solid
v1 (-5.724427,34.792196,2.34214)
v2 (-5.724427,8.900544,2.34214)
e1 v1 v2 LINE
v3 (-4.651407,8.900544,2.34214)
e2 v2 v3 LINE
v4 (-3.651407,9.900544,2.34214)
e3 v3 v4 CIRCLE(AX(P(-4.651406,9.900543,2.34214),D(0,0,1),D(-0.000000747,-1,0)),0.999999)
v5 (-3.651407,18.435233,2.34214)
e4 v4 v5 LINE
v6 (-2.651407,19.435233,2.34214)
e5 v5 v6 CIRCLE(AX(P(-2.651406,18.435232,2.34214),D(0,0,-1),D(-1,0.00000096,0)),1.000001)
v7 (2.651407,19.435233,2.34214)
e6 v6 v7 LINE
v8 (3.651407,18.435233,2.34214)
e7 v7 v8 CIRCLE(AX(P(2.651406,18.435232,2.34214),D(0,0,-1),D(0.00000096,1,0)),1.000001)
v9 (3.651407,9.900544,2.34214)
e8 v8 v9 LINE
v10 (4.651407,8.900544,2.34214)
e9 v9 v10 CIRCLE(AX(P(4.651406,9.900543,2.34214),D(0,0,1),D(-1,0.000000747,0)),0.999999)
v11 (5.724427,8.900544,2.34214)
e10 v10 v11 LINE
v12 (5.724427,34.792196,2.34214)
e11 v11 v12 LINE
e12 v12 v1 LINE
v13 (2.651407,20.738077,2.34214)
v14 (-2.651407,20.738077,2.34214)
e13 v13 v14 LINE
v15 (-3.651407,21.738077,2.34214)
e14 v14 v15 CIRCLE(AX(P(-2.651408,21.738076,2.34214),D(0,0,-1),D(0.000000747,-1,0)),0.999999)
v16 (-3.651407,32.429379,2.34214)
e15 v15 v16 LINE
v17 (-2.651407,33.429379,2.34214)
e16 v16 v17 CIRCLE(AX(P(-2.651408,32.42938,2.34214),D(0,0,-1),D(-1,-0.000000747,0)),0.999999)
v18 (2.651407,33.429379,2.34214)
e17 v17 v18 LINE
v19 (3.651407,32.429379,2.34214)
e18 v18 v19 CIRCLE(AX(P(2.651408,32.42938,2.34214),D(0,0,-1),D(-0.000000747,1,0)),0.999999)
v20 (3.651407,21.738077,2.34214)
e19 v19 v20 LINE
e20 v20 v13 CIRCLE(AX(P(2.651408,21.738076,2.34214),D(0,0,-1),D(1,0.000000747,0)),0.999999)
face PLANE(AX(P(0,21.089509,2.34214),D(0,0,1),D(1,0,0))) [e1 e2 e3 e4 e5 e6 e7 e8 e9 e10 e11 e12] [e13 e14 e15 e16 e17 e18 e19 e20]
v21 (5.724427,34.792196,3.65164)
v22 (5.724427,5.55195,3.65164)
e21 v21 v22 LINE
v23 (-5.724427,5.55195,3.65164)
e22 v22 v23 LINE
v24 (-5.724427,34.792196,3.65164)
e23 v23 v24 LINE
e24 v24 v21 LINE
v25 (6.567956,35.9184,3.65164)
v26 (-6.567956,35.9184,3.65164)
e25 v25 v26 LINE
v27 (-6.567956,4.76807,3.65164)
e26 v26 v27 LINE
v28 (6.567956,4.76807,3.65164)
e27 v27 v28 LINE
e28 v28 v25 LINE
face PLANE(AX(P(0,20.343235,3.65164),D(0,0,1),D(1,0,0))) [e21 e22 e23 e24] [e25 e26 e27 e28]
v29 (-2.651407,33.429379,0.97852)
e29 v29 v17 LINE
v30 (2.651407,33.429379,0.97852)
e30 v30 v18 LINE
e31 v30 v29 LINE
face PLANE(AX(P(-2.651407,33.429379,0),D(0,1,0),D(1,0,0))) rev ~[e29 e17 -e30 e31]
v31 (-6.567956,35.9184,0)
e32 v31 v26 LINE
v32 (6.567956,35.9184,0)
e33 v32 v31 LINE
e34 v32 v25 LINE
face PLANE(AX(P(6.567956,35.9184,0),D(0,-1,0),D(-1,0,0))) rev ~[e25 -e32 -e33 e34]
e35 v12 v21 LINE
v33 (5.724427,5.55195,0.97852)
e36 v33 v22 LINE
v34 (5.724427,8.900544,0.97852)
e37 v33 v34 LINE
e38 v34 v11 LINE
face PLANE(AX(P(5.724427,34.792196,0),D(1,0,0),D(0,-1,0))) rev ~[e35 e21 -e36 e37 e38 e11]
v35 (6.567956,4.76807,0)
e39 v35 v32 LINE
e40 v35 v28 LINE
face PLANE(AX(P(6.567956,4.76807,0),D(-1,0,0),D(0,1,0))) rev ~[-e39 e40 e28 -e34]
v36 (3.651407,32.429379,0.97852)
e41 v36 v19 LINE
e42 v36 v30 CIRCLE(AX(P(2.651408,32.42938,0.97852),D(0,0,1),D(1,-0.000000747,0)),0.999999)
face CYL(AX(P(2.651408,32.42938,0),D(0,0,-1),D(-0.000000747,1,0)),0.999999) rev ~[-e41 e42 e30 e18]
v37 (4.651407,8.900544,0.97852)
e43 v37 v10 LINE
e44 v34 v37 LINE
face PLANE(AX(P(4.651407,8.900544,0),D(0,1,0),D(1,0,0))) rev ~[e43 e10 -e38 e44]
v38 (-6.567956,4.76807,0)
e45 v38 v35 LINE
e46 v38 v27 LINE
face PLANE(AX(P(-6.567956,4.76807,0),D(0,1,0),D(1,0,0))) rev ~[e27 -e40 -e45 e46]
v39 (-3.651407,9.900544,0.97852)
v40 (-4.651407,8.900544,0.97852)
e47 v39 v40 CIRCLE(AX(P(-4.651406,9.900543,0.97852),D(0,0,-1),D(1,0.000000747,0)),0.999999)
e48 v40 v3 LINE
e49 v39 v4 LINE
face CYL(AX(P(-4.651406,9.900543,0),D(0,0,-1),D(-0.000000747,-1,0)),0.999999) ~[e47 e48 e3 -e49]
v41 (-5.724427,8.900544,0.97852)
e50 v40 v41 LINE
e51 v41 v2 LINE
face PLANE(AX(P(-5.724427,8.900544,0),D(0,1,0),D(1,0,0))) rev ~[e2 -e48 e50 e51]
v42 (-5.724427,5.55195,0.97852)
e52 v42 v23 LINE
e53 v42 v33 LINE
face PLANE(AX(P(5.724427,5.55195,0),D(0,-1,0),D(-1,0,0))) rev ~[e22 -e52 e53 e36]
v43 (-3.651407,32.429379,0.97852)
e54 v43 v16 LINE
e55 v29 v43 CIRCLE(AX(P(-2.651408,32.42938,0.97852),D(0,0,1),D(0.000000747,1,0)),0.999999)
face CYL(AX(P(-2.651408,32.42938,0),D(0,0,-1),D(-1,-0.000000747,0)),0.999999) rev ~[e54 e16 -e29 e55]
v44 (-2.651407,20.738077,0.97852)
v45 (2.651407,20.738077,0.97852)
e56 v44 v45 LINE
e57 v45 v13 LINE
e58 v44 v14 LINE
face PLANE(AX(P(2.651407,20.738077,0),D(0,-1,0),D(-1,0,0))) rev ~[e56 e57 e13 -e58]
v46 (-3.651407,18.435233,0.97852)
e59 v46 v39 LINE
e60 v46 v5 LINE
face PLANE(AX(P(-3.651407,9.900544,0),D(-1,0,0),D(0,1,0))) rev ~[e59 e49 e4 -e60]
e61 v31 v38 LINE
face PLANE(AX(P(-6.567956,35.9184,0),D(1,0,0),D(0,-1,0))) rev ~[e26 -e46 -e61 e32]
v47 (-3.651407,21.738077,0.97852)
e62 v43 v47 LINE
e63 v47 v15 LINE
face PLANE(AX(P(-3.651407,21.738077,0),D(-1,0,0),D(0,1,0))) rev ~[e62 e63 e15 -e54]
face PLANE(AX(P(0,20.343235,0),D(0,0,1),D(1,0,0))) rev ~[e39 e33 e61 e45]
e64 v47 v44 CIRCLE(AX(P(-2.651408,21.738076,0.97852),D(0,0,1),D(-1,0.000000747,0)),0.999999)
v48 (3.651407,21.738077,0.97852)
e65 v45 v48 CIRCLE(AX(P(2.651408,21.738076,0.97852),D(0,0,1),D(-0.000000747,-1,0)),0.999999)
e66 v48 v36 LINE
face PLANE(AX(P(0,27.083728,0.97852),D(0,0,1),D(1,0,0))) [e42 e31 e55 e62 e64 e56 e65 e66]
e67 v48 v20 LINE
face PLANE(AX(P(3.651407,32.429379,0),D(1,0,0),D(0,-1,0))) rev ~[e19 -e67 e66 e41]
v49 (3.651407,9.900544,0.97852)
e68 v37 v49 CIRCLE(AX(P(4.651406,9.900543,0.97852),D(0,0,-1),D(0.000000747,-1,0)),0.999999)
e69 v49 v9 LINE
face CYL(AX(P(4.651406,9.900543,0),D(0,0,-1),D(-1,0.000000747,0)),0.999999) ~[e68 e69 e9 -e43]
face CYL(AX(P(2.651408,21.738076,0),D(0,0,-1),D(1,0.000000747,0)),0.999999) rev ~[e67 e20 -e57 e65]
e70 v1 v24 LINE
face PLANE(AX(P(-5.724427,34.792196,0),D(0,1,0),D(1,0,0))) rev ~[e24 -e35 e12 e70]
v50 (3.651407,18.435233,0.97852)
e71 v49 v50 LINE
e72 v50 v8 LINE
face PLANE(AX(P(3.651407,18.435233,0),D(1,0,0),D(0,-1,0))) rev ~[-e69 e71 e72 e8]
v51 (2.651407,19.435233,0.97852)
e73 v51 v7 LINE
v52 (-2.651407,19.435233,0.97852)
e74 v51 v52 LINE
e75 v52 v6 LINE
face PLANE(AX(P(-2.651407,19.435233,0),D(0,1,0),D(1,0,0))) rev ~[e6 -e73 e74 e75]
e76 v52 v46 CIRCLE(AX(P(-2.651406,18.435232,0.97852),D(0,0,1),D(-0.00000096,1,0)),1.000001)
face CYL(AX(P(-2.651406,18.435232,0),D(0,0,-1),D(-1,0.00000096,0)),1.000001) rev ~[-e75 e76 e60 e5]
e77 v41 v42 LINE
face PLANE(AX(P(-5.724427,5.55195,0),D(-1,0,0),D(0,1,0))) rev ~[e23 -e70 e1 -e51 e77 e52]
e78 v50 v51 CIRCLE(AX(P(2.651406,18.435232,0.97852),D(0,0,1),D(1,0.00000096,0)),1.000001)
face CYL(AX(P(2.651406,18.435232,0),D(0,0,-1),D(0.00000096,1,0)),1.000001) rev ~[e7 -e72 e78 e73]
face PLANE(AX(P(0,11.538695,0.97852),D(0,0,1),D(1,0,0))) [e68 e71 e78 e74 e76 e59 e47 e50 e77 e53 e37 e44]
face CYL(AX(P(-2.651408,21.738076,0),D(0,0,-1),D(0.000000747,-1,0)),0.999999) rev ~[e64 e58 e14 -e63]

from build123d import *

# Parameters (mm, degrees)
F1_DEPTH = 0.97852
F2_DEPTH = 2.34214
F3_DEPTH = 3.65164


with BuildPart() as f1:
    # F0 (on Top) → F1 (new body)
    with BuildSketch(Plane.XY):
        with BuildLine():
            Line((0, 5.55195), (5.724427, 5.55195))
            Line((5.724427, 5.55195), (5.724427, 8.900544))
            Line((5.724427, 8.900544), (4.651407, 8.900544))
            ThreePointArc((4.651407, 8.900544), (3.9443, 9.193437), (3.651407, 9.900544))
            Line((3.651407, 9.900544), (3.651407, 18.435233))
            ThreePointArc((3.651407, 18.435233), (3.358514, 19.142339), (2.651407, 19.435233))
            Line((2.651407, 19.435233), (-2.651407, 19.435233))
            ThreePointArc((-2.651407, 19.435233), (-3.358514, 19.142339), (-3.651407, 18.435233))
            Line((-3.651407, 18.435233), (-3.651407, 9.900544))
            ThreePointArc((-3.651407, 9.900544), (-3.9443, 9.193437), (-4.651407, 8.900544))
            Line((-4.651407, 8.900544), (-5.724427, 8.900544))
            Line((-5.724427, 8.900544), (-5.724427, 5.55195))
            Line((-5.724427, 5.55195), (0, 5.55195))
        make_face()
        with BuildLine():
            ThreePointArc((3.651407, 32.429379), (3.358514, 33.136486), (2.651407, 33.429379))
            Line((2.651407, 33.429379), (0, 33.429379))
            Line((0, 33.429379), (-2.651407, 33.429379))
            ThreePointArc((-2.651407, 33.429379), (-3.358514, 33.136486), (-3.651407, 32.429379))
            Line((-3.651407, 32.429379), (-3.651407, 21.738077))
            ThreePointArc((-3.651407, 21.738077), (-3.358514, 21.03097), (-2.651407, 20.738077))
            Line((-2.651407, 20.738077), (2.651407, 20.738077))
            ThreePointArc((2.651407, 20.738077), (3.358514, 21.03097), (3.651407, 21.738077))
            Line((3.651407, 21.738077), (3.651407, 32.429379))
        make_face()
    extrude(amount=F1_DEPTH)

    # F0 (on Top) → F2 (join)
    with BuildSketch(Plane.XY):
        with BuildLine():
            Line((4.651407, 8.900544), (5.724427, 8.900544))
            Line((5.724427, 8.900544), (5.724427, 34.792196))
            Line((5.724427, 34.792196), (0, 34.792196))
            Line((0, 34.792196), (-5.724427, 34.792196))
            Line((-5.724427, 34.792196), (-5.724427, 8.900544))
            Line((-5.724427, 8.900544), (-4.651407, 8.900544))
            ThreePointArc((-4.651407, 8.900544), (-3.9443, 9.193437), (-3.651407, 9.900544))
            Line((-3.651407, 9.900544), (-3.651407, 18.435233))
            ThreePointArc((-3.651407, 18.435233), (-3.358514, 19.142339), (-2.651407, 19.435233))
            Line((-2.651407, 19.435233), (2.651407, 19.435233))
            ThreePointArc((2.651407, 19.435233), (3.358514, 19.142339), (3.651407, 18.435233))
            Line((3.651407, 18.435233), (3.651407, 9.900544))
            ThreePointArc((3.651407, 9.900544), (3.9443, 9.193437), (4.651407, 8.900544))
        make_face()
        with BuildLine():
            Line((0, 33.429379), (2.651407, 33.429379))
            ThreePointArc((2.651407, 33.429379), (3.358514, 33.136486), (3.651407, 32.429379))
            Line((3.651407, 32.429379), (3.651407, 21.738077))
            ThreePointArc((3.651407, 21.738077), (3.358514, 21.03097), (2.651407, 20.738077))
            Line((2.651407, 20.738077), (-2.651407, 20.738077))
            ThreePointArc((-2.651407, 20.738077), (-3.358514, 21.03097), (-3.651407, 21.738077))
            Line((-3.651407, 21.738077), (-3.651407, 32.429379))
            ThreePointArc((-3.651407, 32.429379), (-3.358514, 33.136486), (-2.651407, 33.429379))
            Line((-2.651407, 33.429379), (0, 33.429379))
        make_face(mode=Mode.SUBTRACT)
    extrude(amount=F2_DEPTH)

    # F0 (on Top) → F3 (join)
    with BuildSketch(Plane.XY):
        Polygon((6.567956, 4.76807), (6.567956, 35.9184), (0, 35.9184), (-6.567956, 35.9184), (-6.567956, 4.76807), (0, 4.76807), align=None)
        Polygon((5.724427, 8.900544), (5.724427, 5.55195), (0, 5.55195), (-5.724427, 5.55195), (-5.724427, 8.900544), (-5.724427, 34.792196), (0, 34.792196), (5.724427, 34.792196), align=None, mode=Mode.SUBTRACT)
    extrude(amount=F3_DEPTH)


solid = f1.part
